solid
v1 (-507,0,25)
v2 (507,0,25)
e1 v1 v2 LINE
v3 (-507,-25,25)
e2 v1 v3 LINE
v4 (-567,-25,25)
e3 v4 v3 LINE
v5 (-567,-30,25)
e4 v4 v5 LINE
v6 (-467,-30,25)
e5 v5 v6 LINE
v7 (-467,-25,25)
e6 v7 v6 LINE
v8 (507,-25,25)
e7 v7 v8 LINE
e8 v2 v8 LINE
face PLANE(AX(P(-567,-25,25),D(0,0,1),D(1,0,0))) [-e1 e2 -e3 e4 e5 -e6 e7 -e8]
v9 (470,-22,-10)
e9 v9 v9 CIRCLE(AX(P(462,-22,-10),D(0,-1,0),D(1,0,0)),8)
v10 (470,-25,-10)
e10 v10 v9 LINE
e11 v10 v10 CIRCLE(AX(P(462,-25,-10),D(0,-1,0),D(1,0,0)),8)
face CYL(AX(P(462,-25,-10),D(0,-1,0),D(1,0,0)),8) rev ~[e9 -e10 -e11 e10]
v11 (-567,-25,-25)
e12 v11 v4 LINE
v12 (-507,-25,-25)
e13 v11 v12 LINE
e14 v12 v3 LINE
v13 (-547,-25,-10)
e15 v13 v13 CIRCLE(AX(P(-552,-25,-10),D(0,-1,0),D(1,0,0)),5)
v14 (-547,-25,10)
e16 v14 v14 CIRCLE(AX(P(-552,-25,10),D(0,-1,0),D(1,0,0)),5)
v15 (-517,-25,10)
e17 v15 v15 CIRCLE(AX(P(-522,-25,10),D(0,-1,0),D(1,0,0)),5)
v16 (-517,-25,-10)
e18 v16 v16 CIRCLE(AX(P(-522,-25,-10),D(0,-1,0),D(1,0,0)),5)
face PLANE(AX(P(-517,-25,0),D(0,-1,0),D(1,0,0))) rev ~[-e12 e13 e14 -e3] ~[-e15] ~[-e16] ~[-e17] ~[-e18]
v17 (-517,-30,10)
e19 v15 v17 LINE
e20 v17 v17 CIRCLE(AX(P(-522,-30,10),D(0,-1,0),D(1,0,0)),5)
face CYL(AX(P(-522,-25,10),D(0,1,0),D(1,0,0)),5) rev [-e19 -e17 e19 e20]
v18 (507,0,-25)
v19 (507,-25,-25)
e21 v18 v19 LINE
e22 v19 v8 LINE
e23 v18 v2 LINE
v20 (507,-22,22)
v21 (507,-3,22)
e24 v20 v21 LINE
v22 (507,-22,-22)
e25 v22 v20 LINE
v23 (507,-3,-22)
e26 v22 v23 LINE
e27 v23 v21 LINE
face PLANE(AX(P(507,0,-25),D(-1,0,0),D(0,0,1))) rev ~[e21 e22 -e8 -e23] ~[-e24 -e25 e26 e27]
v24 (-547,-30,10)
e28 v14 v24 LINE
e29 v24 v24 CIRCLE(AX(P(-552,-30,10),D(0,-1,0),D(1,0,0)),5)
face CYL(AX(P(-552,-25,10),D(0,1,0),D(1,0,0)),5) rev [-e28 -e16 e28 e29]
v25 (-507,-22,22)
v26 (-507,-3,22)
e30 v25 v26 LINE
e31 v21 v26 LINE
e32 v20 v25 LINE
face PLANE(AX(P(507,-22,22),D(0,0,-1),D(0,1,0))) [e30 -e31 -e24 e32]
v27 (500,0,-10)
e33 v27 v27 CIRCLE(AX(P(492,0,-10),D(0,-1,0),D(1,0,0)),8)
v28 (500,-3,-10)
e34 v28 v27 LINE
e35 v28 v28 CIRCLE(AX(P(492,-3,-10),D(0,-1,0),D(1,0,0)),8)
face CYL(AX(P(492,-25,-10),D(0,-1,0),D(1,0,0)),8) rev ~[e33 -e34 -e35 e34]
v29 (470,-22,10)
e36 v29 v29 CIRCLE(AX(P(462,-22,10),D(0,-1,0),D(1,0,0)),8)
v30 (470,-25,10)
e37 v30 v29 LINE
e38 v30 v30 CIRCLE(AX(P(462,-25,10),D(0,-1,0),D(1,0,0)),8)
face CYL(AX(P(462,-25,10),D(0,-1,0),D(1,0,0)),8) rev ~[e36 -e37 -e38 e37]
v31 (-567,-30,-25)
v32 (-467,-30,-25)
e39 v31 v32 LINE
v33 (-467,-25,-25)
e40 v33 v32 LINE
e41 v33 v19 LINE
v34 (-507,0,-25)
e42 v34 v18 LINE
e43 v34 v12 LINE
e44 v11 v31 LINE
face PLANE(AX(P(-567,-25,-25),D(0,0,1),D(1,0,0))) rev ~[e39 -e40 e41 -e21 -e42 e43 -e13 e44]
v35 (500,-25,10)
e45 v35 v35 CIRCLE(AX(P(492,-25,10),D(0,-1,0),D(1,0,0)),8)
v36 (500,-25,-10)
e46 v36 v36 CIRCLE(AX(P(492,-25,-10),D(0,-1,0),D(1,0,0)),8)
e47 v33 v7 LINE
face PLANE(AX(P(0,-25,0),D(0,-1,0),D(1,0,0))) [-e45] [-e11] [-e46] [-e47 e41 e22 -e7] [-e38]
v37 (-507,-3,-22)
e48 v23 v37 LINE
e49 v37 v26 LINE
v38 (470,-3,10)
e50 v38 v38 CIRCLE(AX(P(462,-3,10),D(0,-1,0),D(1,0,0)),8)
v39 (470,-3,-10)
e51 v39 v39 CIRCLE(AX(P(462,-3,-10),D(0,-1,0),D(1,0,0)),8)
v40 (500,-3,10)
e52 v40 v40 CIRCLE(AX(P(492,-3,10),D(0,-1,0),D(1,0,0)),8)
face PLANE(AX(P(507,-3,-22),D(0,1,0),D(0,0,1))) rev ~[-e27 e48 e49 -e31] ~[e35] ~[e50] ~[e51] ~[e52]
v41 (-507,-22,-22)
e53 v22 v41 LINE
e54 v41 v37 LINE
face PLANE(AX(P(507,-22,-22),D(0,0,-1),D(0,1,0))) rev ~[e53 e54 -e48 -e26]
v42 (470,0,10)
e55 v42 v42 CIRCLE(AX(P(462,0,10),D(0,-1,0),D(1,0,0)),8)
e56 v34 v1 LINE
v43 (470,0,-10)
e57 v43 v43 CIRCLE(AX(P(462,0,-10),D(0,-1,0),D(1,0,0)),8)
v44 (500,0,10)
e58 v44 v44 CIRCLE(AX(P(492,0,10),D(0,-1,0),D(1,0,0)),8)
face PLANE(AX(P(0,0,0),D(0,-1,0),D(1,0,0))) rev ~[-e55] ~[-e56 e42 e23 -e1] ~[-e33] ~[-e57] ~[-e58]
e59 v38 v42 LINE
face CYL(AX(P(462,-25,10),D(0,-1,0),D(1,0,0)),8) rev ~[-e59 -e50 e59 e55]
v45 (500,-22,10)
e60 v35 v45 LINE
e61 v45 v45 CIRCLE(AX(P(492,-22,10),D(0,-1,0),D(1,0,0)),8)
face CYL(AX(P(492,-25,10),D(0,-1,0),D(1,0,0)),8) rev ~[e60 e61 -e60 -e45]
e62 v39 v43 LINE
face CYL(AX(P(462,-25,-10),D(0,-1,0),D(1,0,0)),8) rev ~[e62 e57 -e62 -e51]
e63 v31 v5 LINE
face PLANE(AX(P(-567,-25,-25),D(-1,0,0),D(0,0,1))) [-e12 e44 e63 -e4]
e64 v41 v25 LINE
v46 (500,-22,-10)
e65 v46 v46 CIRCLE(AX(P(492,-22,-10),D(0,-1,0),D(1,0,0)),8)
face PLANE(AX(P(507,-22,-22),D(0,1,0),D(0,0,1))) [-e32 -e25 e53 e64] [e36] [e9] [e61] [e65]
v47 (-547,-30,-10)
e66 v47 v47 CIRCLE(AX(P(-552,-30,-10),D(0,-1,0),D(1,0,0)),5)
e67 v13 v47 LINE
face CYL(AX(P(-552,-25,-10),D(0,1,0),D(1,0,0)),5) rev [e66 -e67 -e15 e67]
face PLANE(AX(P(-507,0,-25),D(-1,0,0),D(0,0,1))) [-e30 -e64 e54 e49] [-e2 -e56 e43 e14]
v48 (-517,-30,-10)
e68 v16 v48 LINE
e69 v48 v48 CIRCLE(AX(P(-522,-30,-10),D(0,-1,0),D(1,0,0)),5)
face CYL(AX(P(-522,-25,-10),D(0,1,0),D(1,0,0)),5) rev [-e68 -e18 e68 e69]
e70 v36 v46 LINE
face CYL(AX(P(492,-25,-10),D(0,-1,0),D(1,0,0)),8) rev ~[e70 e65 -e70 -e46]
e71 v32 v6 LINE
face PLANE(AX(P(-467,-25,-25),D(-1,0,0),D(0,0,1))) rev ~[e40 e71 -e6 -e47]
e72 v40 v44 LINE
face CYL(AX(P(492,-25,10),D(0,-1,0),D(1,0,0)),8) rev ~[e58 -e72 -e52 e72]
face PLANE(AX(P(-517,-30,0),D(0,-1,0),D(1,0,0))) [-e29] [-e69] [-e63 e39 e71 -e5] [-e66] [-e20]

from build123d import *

# Parameters (mm, degrees)
F0_W     = 1014
F0_H     = 50
F1_DEPTH = 25
F2_R     = 8
F3_DEPTH = 25
F4_W     = 19
F4_H     = 44
F5_DEPTH = 1014
F6_W     = 100
F6_H     = 50
F6_R     = 5
F7_DEPTH = 5


with BuildPart() as f1:
    # F0 (on Front) → F1 (new body)
    with BuildSketch(Plane.XZ):
        Rectangle(F0_W, F0_H)
    extrude(amount=F1_DEPTH)

    # F2 (on face) → F3 (cut)
    with BuildSketch(Plane.XZ.offset(25)):
        with Locations((462, 10)):
            Circle(F2_R)
        with Locations((462, -10)):
            Circle(F2_R)
        with Locations((492, 10)):
            Circle(F2_R)
        with Locations((492, -10)):
            Circle(F2_R)
    extrude(amount=-F3_DEPTH, mode=Mode.SUBTRACT)

    # F4 (on face) → F5 (cut)
    with BuildSketch(Plane.YZ.offset(507)):
        with Locations((-12.5, 0)):
            Rectangle(F4_W, F4_H)
    extrude(amount=-F5_DEPTH, mode=Mode.SUBTRACT)

    # F6 (on face) → F7 (join)
    with BuildSketch(Plane.XZ.offset(25)):
        with Locations((-517, 0)):
            Rectangle(F6_W, F6_H)
        with Locations((-552, -10)):
            Circle(F6_R, mode=Mode.SUBTRACT)
        with Locations((-522, -10)):
            Circle(F6_R, mode=Mode.SUBTRACT)
        with Locations((-552, 10)):
            Circle(F6_R, mode=Mode.SUBTRACT)
        with Locations((-522, 10)):
            Circle(F6_R, mode=Mode.SUBTRACT)
    extrude(amount=F7_DEPTH)


solid = f1.part
